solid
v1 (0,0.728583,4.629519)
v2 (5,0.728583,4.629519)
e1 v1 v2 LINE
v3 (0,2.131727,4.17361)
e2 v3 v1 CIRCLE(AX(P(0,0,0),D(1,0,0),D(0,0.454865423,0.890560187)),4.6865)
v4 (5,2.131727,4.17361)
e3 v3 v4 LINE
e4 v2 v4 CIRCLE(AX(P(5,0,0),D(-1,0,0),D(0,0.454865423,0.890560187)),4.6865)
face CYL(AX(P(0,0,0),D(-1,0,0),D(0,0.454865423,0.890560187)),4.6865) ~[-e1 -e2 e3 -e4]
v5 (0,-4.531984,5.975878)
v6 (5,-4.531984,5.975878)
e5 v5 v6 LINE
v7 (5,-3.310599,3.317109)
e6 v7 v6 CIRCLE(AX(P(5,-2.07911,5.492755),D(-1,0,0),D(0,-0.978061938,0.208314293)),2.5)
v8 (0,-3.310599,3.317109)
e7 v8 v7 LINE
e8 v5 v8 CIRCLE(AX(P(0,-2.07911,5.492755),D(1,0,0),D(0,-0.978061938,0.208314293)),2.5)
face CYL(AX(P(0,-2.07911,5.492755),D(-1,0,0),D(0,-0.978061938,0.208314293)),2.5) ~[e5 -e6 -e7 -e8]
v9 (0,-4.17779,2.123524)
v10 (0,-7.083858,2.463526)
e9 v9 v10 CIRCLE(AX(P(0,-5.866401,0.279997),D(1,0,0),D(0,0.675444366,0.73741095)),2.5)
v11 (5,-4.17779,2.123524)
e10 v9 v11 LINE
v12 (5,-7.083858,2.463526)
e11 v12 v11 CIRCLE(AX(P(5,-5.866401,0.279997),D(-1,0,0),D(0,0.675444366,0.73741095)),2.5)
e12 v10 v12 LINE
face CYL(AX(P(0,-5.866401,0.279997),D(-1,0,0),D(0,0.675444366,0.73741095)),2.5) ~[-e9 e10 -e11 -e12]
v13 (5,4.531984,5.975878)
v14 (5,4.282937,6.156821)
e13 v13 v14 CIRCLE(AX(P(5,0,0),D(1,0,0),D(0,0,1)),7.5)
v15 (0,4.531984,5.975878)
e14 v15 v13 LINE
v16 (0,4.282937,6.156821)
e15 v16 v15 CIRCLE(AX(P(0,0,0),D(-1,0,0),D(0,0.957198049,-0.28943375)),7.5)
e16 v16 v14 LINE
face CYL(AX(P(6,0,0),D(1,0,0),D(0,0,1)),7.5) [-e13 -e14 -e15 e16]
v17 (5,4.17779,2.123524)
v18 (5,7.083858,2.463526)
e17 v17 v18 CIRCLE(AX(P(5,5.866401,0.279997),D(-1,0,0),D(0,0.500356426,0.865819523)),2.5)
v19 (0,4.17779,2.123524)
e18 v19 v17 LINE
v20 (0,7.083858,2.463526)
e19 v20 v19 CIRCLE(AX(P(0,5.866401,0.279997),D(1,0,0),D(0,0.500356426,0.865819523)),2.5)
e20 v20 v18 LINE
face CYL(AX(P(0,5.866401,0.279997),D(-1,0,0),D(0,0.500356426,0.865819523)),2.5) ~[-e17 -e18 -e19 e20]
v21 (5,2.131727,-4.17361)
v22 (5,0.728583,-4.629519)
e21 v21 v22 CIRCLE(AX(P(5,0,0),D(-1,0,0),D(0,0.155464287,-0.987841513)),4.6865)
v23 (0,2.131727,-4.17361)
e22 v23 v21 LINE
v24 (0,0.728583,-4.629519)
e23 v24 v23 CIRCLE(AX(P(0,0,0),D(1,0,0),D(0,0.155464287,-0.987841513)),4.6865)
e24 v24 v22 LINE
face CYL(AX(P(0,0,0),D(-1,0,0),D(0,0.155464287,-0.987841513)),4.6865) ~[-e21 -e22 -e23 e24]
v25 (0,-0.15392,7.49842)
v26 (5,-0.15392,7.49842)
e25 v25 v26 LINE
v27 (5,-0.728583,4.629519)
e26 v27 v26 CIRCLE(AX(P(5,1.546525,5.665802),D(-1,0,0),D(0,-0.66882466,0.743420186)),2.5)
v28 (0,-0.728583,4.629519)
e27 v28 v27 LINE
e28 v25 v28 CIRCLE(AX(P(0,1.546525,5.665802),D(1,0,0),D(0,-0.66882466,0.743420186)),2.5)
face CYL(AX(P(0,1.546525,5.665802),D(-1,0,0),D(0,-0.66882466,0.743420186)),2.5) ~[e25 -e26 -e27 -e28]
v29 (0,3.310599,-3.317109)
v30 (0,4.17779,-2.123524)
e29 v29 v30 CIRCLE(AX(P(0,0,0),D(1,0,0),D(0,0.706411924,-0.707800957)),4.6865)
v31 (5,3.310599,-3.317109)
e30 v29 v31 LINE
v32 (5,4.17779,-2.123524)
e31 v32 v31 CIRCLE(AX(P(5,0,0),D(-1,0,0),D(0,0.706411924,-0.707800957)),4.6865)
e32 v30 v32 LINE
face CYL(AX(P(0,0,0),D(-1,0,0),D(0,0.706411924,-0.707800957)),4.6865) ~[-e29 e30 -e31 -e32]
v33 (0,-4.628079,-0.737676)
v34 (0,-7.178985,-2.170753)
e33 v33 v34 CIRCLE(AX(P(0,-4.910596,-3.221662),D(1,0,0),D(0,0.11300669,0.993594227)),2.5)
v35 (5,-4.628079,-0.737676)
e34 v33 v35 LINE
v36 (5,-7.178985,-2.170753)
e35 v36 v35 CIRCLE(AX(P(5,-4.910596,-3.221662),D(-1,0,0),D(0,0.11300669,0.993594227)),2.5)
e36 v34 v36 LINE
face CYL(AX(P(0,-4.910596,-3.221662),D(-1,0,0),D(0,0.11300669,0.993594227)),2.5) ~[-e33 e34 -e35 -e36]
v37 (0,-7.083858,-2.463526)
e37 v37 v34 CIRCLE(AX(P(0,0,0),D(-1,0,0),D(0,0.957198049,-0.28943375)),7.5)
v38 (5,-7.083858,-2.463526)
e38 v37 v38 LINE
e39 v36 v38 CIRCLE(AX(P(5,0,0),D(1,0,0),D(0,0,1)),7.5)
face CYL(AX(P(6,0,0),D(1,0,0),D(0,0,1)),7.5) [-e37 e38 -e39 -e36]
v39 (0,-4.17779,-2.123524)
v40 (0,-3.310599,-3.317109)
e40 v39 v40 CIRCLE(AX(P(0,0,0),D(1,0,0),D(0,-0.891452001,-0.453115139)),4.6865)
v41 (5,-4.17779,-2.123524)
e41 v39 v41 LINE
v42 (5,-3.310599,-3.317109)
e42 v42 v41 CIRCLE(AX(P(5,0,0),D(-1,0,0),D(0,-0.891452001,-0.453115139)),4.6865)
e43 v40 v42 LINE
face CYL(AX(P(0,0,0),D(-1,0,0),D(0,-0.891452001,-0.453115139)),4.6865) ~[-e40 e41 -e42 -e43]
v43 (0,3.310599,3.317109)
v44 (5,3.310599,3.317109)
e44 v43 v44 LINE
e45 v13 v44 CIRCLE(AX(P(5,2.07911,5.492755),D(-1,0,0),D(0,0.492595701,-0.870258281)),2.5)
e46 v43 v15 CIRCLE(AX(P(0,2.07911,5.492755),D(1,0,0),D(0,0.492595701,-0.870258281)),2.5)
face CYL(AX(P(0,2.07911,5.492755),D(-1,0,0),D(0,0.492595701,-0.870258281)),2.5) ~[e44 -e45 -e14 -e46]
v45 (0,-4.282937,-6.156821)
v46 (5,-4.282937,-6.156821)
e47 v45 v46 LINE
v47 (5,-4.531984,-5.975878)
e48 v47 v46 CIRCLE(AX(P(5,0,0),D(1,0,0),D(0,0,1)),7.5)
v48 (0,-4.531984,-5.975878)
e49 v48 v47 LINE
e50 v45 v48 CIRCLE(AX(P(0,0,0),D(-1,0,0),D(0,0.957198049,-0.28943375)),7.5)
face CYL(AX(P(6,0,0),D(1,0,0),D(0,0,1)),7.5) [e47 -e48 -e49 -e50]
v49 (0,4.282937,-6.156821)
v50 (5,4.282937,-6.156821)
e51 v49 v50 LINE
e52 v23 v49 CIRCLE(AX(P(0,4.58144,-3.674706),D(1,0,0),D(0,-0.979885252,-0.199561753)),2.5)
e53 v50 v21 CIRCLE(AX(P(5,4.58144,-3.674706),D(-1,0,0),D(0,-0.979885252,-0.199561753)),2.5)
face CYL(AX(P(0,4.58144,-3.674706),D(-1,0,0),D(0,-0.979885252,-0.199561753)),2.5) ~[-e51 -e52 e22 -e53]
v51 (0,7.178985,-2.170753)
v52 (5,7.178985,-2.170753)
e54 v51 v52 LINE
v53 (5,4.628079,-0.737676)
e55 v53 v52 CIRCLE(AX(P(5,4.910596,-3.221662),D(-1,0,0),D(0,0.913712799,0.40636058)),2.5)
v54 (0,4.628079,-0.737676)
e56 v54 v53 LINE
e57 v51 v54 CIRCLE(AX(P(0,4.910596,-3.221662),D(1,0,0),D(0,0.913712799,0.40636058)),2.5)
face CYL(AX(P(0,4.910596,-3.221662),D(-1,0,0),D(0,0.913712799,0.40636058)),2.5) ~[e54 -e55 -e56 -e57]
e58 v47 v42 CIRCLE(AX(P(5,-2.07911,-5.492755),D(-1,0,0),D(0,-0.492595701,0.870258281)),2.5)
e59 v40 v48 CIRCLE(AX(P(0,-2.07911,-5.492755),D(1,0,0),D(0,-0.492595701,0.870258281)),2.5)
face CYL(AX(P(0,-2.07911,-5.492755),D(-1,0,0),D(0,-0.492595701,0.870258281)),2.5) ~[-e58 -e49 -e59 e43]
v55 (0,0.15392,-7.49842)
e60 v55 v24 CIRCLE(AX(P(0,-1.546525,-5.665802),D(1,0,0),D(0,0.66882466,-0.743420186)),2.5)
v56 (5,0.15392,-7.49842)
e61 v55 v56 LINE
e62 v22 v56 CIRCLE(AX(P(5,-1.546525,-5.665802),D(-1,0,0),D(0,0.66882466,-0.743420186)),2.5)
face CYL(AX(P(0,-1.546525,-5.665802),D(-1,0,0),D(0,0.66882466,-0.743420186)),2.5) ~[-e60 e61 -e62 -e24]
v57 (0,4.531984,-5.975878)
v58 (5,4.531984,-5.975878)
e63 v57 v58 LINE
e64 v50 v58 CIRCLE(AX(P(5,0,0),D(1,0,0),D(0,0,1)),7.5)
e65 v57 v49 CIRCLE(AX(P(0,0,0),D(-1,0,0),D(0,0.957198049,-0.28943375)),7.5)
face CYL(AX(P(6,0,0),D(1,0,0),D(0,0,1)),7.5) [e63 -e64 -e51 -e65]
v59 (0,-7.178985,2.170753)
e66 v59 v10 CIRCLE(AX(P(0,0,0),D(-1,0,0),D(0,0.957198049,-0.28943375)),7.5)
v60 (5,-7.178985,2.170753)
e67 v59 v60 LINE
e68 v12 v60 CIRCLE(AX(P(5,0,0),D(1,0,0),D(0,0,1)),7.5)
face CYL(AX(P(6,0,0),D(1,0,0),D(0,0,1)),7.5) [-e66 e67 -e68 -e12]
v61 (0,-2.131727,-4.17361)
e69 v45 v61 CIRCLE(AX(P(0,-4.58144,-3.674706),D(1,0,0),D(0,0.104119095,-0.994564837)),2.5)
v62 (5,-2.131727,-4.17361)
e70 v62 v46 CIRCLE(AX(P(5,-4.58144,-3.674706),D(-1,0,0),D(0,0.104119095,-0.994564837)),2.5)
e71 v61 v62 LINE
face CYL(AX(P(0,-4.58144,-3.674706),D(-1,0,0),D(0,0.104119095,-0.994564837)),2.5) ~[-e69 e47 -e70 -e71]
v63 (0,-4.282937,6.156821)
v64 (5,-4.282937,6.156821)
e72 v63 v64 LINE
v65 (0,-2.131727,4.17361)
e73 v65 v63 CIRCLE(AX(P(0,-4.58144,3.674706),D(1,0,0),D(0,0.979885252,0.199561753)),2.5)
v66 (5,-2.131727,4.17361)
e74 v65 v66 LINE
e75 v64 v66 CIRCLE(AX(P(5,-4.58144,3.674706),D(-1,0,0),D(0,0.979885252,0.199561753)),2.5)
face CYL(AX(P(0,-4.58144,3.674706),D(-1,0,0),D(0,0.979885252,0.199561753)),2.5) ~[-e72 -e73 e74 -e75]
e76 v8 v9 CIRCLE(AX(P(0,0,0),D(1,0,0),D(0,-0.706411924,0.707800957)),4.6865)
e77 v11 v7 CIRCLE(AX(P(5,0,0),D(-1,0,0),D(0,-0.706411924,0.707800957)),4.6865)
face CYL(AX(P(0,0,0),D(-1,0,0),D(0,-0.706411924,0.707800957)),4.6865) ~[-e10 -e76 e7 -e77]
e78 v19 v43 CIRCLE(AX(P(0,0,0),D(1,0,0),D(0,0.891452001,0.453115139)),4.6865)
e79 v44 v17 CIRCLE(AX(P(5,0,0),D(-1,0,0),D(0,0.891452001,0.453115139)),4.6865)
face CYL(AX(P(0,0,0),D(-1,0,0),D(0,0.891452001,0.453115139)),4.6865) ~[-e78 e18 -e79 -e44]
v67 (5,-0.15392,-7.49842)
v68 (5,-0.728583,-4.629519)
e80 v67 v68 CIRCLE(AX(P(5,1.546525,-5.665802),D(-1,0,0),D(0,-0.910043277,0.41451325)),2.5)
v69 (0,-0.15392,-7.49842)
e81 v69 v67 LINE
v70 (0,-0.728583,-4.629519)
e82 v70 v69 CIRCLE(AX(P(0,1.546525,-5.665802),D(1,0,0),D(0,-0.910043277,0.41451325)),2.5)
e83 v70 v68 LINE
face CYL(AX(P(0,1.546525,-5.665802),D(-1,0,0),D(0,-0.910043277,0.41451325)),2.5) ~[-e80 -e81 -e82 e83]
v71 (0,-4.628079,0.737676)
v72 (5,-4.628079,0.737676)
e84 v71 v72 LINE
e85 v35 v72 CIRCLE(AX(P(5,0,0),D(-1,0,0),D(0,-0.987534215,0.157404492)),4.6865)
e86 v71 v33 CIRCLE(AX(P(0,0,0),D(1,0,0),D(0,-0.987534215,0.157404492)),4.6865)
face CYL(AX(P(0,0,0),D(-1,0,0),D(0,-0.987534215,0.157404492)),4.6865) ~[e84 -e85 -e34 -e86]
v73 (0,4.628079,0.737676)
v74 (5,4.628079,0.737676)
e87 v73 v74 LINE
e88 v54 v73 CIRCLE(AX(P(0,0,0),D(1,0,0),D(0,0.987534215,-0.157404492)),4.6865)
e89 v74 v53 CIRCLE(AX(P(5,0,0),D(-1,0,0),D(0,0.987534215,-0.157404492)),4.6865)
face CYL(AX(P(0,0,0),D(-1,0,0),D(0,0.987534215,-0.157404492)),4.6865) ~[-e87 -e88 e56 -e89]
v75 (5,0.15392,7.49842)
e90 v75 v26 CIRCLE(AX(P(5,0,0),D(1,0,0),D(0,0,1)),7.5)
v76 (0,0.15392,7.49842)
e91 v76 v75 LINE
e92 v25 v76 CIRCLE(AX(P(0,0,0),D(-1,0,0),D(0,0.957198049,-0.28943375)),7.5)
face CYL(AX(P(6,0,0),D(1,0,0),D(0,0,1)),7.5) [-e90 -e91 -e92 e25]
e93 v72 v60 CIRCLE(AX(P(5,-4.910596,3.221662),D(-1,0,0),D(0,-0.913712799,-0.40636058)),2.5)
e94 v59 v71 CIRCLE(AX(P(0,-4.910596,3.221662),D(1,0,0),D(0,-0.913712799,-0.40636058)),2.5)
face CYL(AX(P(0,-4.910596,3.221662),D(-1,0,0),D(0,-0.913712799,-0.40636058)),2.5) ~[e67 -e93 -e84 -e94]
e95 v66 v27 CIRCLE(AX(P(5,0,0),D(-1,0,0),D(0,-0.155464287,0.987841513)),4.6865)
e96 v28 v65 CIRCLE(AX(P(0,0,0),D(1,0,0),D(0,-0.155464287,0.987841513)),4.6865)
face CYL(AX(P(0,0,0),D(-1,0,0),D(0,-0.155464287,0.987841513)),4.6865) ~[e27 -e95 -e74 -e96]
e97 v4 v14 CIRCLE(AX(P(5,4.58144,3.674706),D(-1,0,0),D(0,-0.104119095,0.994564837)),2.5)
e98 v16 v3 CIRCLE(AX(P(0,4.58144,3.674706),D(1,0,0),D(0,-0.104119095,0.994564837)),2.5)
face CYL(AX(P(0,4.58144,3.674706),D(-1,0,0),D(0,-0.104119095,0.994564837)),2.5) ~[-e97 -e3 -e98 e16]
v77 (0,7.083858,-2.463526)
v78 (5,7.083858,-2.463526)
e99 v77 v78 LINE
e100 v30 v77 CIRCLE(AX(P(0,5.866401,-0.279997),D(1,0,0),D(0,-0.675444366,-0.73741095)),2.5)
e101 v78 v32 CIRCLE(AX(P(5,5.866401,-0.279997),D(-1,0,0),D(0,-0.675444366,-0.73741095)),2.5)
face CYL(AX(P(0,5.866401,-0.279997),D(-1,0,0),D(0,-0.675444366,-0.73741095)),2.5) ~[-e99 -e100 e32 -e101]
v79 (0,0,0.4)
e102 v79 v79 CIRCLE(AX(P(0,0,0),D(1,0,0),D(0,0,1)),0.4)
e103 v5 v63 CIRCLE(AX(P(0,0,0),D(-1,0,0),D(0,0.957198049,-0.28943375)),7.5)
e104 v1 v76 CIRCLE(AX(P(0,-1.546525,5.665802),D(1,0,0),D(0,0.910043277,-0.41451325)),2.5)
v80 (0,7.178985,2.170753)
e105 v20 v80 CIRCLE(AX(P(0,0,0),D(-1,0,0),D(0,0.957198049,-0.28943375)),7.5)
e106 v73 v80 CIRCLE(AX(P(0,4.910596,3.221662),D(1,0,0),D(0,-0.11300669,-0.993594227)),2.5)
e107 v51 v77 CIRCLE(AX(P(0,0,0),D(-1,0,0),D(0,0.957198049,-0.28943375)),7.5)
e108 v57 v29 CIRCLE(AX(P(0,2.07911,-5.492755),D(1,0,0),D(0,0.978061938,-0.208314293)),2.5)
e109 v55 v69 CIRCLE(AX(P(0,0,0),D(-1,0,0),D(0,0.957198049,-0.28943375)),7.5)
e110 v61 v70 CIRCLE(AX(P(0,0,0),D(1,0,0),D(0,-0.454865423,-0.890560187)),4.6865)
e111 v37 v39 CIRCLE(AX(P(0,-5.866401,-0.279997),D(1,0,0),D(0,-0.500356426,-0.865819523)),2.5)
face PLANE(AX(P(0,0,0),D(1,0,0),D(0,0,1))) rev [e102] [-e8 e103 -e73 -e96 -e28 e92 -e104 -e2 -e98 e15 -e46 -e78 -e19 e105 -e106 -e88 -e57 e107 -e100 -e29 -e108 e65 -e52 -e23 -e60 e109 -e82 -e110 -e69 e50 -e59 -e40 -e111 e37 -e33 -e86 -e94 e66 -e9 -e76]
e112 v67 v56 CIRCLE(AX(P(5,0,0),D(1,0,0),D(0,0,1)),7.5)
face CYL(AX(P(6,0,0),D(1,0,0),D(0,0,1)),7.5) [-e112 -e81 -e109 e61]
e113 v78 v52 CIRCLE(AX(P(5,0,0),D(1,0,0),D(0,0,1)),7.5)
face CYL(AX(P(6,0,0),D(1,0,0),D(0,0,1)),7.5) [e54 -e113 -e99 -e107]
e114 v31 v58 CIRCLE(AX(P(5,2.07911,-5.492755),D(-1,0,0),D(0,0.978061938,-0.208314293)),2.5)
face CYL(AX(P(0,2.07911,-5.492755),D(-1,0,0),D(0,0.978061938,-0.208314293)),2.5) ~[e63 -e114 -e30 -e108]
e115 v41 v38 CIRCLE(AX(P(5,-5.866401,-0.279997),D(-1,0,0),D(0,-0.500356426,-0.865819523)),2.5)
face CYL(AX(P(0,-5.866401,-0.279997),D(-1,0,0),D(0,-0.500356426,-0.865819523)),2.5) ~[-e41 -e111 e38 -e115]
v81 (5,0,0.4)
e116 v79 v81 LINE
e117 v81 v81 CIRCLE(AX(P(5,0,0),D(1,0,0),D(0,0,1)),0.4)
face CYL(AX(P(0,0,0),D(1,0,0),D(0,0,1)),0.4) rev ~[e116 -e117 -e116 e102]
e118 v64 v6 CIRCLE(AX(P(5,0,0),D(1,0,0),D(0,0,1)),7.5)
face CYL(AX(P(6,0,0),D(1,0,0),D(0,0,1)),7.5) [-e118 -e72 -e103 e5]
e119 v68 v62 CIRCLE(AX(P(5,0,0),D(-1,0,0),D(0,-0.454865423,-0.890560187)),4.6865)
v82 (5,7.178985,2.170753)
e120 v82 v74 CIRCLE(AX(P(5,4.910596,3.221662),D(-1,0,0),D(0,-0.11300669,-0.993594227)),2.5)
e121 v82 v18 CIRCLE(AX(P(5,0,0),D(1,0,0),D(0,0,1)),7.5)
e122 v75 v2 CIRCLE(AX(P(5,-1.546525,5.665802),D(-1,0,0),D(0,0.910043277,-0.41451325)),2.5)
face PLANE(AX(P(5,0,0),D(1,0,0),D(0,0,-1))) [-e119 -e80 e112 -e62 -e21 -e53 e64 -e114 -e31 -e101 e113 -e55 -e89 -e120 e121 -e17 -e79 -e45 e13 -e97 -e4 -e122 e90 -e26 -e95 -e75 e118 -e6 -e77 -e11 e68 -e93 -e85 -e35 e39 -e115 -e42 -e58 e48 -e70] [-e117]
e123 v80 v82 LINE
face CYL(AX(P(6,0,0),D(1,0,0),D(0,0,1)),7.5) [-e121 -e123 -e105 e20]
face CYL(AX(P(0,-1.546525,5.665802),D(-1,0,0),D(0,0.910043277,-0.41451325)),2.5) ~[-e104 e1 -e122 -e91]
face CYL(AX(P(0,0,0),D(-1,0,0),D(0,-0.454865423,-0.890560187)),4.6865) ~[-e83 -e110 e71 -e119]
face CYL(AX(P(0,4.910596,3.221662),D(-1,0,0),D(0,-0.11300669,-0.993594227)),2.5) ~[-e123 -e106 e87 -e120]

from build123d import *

# Parameters (mm, degrees)
BASPROSKE_W              = 12
BASPROSKE_H              = 7.5
TOOTHCUT_DEPTH           = 17.015617378
TEETHCUTS_COUNT          = 10
TEETHCUTS_ANGLE          = 324
BORSKE_R                 = 0.4
BORE_DEPTH               = 50.0000508
SCHIZZO1_W               = 18.724630976
SCHIZZO1_H               = 16.705622174
TAGLIO_ESTRUSIONE1_DEPTH = 7


with BuildPart() as part:
    # BasProSke → Base-Revolve (revolve)
    with BuildSketch(Plane(origin=(0, 0, 0), x_dir=(1, 0, 0), z_dir=(0, 1, 0)), mode=Mode.PRIVATE) as base_revolve_sk:
        with Locations((6, 3.75)):
            Rectangle(BASPROSKE_W, BASPROSKE_H)
    revolve(base_revolve_sk.sketch.rotate(Axis((-10, 0, 0), (1, 0, 0)), 180), axis=Axis((-10, 0, 0), (1, 0, 0)))

    # TooCutSke → ToothCut (cut, through all)
    with BuildSketch(Plane(origin=(0, 0, 0), x_dir=(0, 0, -1), z_dir=(1, 0, 0))):
        with BuildLine():
            ThreePointArc((0.737676151, 4.628079099), (0, 4.6865), (-0.737676151, 4.628079099))
            ThreePointArc((-0.737676151, 4.628079099), (-1.051542781, 6.151798382), (-2.205760267, 7.194877817))
            ThreePointArc((-2.205760267, 7.194877817), (0, 7.5254), (2.205760267, 7.194877817))
            ThreePointArc((2.205760267, 7.194877817), (1.051542781, 6.151798382), (0.737676151, 4.628079099))
        make_face()
    toothcut = extrude(amount=TOOTHCUT_DEPTH, mode=Mode.SUBTRACT)

    # TeethCuts: ToothCut ×10 about axis
    teethcuts_axis = Axis((-10, 0, 0), (1, 0, 0))
    for i in range(1, TEETHCUTS_COUNT):
        add(toothcut.rotate(teethcuts_axis, i * TEETHCUTS_ANGLE / (TEETHCUTS_COUNT - 1)), mode=Mode.SUBTRACT)

    # BorSke → Bore (cut, symmetric)
    with BuildSketch(Plane(origin=(0, 0, 0), x_dir=(0, 0, -1), z_dir=(1, 0, 0))):
        with Locations(Location((0, 0, 0), (0, 0, 180))):
            Circle(BORSKE_R)
    extrude(amount=BORE_DEPTH, both=True, mode=Mode.SUBTRACT)

    # Schizzo1 → Taglio-Estrusione1 (cut)
    with BuildSketch(Plane(origin=(12, 0, 0), x_dir=(0, 0, -1), z_dir=(1, 0, 0))):
        Rectangle(SCHIZZO1_W, SCHIZZO1_H)
    extrude(amount=-TAGLIO_ESTRUSIONE1_DEPTH, mode=Mode.SUBTRACT)


solid = part.part
